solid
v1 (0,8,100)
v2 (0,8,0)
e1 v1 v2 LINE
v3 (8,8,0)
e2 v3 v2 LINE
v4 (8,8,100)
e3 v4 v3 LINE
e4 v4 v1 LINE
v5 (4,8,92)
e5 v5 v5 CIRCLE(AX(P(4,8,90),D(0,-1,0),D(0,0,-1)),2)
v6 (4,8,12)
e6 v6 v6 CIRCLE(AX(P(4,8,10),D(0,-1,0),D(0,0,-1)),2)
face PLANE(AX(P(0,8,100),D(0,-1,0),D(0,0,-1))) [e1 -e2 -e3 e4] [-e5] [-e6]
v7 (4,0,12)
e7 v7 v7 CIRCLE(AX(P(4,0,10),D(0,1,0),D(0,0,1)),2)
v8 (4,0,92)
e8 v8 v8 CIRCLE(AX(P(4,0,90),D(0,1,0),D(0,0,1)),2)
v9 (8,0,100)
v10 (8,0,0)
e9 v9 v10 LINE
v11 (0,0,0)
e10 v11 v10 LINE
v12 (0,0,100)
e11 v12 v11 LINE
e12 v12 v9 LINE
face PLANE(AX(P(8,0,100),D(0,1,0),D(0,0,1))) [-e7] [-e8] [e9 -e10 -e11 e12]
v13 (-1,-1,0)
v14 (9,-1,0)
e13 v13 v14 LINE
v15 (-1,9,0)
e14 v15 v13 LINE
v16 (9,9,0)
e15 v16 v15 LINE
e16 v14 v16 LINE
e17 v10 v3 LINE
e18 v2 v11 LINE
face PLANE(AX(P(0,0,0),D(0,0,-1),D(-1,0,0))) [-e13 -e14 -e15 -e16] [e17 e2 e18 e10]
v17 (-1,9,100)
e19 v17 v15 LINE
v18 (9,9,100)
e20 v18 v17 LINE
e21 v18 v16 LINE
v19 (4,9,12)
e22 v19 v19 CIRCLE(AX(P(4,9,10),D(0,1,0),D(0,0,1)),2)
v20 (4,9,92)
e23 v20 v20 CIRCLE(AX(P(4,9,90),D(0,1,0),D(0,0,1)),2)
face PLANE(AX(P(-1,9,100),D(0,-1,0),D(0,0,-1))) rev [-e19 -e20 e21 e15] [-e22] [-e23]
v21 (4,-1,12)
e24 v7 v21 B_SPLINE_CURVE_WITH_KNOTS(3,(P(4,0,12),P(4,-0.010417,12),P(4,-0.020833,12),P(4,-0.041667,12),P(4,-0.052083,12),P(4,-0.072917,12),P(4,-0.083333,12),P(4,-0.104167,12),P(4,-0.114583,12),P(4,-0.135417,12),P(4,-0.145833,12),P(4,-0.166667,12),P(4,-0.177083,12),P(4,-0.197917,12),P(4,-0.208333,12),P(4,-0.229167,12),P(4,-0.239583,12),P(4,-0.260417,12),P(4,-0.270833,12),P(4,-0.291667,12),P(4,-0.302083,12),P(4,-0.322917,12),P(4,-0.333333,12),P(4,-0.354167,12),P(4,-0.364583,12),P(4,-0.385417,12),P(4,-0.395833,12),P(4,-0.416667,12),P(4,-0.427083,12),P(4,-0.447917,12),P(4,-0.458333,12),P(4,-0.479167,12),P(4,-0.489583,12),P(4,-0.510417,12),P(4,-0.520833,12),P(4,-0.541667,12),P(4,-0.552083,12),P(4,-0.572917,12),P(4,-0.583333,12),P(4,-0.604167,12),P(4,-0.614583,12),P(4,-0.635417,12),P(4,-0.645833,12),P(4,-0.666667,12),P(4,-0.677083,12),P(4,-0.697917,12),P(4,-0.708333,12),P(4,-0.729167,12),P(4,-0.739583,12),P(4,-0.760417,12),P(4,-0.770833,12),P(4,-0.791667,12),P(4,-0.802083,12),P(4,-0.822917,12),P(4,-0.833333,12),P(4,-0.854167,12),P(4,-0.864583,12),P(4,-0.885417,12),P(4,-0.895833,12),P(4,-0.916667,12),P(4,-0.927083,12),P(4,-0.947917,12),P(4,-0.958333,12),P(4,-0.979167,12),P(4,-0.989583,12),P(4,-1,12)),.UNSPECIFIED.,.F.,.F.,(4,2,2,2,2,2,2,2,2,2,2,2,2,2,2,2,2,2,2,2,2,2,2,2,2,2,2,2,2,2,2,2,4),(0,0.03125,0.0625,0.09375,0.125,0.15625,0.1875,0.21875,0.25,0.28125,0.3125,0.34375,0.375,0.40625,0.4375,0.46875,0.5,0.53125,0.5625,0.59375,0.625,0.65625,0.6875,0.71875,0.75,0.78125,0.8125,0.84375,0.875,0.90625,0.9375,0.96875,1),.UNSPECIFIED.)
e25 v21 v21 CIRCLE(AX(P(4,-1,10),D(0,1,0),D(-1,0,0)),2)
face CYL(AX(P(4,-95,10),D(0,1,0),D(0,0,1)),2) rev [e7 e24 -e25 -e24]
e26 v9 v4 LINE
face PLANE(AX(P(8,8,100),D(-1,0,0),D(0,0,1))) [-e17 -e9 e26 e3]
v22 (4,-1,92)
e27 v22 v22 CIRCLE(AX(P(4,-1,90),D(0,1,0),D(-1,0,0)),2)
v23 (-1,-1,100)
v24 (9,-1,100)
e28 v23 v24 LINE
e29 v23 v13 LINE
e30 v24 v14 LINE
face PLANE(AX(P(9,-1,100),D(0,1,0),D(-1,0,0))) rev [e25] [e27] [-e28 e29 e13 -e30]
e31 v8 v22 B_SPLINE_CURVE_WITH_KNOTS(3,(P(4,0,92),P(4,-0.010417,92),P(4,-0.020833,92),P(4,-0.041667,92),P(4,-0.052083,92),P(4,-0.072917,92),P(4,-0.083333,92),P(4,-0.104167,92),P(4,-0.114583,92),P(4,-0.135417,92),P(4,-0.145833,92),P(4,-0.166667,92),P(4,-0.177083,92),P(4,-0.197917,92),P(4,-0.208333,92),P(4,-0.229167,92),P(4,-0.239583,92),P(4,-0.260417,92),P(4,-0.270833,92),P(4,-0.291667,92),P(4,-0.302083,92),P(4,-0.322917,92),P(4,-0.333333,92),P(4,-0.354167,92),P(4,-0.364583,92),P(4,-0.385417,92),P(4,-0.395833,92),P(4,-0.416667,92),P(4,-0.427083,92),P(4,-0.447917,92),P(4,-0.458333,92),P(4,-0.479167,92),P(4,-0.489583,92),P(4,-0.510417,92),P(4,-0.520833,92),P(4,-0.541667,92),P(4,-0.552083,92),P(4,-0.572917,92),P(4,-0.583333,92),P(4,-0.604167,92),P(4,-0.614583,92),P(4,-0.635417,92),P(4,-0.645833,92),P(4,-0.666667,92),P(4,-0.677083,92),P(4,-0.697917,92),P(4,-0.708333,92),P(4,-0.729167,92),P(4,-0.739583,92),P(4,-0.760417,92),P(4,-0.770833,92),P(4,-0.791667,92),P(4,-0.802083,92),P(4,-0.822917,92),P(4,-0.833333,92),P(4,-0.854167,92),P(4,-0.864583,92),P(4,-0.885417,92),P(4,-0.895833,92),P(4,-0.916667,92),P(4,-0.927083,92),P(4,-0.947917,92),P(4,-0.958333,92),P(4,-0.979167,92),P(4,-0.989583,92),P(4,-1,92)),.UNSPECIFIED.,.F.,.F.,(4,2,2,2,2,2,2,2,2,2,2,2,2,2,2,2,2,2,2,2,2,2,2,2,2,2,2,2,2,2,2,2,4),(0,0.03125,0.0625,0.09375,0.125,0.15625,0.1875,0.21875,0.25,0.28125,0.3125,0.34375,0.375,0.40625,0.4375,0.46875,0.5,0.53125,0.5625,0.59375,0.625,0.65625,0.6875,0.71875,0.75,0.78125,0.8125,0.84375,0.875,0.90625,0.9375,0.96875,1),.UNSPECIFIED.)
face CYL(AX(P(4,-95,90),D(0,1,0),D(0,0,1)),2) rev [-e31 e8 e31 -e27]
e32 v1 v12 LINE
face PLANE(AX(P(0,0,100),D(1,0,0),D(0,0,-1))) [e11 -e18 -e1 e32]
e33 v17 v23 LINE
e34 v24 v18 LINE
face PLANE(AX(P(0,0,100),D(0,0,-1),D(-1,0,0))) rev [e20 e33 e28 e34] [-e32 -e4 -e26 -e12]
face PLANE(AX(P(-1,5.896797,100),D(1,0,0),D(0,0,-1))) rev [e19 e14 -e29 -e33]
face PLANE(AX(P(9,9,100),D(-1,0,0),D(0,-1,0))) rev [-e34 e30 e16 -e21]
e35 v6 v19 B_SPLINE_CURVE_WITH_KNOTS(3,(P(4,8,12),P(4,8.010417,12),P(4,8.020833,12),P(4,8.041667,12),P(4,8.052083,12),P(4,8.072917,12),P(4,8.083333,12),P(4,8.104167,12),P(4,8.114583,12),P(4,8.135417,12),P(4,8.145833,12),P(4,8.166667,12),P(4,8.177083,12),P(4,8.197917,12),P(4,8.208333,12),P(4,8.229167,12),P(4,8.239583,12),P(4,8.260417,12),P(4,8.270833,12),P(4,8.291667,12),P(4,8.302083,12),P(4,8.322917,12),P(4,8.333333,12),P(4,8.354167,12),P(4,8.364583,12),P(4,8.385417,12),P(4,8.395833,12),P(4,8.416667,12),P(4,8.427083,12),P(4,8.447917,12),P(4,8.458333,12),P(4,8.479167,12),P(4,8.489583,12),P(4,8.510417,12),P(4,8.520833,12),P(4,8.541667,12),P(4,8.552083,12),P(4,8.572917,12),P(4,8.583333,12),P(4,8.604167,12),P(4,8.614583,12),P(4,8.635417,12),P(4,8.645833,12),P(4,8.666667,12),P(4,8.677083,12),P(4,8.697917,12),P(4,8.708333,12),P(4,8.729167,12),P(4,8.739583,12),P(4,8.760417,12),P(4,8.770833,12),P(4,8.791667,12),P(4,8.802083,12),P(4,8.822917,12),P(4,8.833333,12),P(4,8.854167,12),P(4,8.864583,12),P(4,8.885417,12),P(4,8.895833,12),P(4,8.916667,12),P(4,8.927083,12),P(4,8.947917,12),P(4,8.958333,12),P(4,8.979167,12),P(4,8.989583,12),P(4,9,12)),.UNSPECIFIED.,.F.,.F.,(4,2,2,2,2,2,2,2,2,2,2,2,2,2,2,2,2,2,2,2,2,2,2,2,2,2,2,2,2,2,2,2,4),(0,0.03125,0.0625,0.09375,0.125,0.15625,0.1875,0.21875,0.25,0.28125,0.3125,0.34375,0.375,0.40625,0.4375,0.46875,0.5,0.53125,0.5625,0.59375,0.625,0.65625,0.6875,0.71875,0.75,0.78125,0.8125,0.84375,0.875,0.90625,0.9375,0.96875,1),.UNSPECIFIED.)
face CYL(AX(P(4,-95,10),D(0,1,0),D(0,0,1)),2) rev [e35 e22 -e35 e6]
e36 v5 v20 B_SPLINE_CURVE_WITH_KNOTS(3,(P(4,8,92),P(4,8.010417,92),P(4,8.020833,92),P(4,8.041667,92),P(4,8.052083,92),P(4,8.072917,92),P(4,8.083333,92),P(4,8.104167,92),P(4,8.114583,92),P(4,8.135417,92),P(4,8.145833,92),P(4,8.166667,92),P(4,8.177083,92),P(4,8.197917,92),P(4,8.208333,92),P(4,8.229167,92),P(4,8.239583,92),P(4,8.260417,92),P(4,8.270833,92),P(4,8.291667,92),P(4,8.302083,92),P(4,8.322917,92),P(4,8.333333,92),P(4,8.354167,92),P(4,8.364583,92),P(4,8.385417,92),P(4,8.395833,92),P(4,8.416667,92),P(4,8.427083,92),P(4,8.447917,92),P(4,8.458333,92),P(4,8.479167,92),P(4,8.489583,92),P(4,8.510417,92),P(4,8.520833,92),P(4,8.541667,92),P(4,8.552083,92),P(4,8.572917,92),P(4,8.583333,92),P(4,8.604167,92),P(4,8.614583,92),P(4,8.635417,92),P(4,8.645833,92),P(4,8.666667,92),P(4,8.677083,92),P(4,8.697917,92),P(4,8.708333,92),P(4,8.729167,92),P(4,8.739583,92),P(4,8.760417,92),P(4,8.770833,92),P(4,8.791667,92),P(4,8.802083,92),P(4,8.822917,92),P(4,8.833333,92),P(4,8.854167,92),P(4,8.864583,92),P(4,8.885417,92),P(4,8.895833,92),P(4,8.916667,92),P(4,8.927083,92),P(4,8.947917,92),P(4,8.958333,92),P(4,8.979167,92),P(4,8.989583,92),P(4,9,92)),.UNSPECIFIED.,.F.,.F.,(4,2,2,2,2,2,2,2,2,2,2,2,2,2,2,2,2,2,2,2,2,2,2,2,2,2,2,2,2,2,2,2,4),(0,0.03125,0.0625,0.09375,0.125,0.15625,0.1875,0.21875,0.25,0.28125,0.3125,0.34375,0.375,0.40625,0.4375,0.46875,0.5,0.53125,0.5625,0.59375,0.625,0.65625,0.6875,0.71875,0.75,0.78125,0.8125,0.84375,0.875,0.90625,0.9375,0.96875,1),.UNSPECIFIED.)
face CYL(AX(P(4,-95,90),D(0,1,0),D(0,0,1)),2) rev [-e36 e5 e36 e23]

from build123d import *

# Parameters (mm, degrees)
SKETCH_1_W          = 8
SKETCH_1_H          = 8
EXTRUDE_1_DEPTH     = 100
SKETCH_2_R          = 2
CUT_EXTRUDE_1_DEPTH = 104


with BuildPart() as part:
    # 草图1 → 凸台-拉伸1 (new body)
    with BuildSketch(Plane.XY):
        Polygon((-1, 5.896797153), (-1, 9), (9, 9), (9, -1), (-1, -1), align=None)
        with Locations((4, 4)):
            Rectangle(SKETCH_1_W, SKETCH_1_H, mode=Mode.SUBTRACT)
    extrude(amount=EXTRUDE_1_DEPTH)

    # 草图2 → 切除-拉伸1 (cut)
    with BuildSketch(Plane(origin=(0, 9, 0), x_dir=(1, 0, 0), z_dir=(0, 1, 0))):
        with Locations(Location((4, -90, 0), (0, 0, 270))):
            Circle(SKETCH_2_R)
        with Locations(Location((4, -10, 0), (0, 0, 270))):
            Circle(SKETCH_2_R)
    extrude(amount=-CUT_EXTRUDE_1_DEPTH, mode=Mode.SUBTRACT)


solid = part.part
